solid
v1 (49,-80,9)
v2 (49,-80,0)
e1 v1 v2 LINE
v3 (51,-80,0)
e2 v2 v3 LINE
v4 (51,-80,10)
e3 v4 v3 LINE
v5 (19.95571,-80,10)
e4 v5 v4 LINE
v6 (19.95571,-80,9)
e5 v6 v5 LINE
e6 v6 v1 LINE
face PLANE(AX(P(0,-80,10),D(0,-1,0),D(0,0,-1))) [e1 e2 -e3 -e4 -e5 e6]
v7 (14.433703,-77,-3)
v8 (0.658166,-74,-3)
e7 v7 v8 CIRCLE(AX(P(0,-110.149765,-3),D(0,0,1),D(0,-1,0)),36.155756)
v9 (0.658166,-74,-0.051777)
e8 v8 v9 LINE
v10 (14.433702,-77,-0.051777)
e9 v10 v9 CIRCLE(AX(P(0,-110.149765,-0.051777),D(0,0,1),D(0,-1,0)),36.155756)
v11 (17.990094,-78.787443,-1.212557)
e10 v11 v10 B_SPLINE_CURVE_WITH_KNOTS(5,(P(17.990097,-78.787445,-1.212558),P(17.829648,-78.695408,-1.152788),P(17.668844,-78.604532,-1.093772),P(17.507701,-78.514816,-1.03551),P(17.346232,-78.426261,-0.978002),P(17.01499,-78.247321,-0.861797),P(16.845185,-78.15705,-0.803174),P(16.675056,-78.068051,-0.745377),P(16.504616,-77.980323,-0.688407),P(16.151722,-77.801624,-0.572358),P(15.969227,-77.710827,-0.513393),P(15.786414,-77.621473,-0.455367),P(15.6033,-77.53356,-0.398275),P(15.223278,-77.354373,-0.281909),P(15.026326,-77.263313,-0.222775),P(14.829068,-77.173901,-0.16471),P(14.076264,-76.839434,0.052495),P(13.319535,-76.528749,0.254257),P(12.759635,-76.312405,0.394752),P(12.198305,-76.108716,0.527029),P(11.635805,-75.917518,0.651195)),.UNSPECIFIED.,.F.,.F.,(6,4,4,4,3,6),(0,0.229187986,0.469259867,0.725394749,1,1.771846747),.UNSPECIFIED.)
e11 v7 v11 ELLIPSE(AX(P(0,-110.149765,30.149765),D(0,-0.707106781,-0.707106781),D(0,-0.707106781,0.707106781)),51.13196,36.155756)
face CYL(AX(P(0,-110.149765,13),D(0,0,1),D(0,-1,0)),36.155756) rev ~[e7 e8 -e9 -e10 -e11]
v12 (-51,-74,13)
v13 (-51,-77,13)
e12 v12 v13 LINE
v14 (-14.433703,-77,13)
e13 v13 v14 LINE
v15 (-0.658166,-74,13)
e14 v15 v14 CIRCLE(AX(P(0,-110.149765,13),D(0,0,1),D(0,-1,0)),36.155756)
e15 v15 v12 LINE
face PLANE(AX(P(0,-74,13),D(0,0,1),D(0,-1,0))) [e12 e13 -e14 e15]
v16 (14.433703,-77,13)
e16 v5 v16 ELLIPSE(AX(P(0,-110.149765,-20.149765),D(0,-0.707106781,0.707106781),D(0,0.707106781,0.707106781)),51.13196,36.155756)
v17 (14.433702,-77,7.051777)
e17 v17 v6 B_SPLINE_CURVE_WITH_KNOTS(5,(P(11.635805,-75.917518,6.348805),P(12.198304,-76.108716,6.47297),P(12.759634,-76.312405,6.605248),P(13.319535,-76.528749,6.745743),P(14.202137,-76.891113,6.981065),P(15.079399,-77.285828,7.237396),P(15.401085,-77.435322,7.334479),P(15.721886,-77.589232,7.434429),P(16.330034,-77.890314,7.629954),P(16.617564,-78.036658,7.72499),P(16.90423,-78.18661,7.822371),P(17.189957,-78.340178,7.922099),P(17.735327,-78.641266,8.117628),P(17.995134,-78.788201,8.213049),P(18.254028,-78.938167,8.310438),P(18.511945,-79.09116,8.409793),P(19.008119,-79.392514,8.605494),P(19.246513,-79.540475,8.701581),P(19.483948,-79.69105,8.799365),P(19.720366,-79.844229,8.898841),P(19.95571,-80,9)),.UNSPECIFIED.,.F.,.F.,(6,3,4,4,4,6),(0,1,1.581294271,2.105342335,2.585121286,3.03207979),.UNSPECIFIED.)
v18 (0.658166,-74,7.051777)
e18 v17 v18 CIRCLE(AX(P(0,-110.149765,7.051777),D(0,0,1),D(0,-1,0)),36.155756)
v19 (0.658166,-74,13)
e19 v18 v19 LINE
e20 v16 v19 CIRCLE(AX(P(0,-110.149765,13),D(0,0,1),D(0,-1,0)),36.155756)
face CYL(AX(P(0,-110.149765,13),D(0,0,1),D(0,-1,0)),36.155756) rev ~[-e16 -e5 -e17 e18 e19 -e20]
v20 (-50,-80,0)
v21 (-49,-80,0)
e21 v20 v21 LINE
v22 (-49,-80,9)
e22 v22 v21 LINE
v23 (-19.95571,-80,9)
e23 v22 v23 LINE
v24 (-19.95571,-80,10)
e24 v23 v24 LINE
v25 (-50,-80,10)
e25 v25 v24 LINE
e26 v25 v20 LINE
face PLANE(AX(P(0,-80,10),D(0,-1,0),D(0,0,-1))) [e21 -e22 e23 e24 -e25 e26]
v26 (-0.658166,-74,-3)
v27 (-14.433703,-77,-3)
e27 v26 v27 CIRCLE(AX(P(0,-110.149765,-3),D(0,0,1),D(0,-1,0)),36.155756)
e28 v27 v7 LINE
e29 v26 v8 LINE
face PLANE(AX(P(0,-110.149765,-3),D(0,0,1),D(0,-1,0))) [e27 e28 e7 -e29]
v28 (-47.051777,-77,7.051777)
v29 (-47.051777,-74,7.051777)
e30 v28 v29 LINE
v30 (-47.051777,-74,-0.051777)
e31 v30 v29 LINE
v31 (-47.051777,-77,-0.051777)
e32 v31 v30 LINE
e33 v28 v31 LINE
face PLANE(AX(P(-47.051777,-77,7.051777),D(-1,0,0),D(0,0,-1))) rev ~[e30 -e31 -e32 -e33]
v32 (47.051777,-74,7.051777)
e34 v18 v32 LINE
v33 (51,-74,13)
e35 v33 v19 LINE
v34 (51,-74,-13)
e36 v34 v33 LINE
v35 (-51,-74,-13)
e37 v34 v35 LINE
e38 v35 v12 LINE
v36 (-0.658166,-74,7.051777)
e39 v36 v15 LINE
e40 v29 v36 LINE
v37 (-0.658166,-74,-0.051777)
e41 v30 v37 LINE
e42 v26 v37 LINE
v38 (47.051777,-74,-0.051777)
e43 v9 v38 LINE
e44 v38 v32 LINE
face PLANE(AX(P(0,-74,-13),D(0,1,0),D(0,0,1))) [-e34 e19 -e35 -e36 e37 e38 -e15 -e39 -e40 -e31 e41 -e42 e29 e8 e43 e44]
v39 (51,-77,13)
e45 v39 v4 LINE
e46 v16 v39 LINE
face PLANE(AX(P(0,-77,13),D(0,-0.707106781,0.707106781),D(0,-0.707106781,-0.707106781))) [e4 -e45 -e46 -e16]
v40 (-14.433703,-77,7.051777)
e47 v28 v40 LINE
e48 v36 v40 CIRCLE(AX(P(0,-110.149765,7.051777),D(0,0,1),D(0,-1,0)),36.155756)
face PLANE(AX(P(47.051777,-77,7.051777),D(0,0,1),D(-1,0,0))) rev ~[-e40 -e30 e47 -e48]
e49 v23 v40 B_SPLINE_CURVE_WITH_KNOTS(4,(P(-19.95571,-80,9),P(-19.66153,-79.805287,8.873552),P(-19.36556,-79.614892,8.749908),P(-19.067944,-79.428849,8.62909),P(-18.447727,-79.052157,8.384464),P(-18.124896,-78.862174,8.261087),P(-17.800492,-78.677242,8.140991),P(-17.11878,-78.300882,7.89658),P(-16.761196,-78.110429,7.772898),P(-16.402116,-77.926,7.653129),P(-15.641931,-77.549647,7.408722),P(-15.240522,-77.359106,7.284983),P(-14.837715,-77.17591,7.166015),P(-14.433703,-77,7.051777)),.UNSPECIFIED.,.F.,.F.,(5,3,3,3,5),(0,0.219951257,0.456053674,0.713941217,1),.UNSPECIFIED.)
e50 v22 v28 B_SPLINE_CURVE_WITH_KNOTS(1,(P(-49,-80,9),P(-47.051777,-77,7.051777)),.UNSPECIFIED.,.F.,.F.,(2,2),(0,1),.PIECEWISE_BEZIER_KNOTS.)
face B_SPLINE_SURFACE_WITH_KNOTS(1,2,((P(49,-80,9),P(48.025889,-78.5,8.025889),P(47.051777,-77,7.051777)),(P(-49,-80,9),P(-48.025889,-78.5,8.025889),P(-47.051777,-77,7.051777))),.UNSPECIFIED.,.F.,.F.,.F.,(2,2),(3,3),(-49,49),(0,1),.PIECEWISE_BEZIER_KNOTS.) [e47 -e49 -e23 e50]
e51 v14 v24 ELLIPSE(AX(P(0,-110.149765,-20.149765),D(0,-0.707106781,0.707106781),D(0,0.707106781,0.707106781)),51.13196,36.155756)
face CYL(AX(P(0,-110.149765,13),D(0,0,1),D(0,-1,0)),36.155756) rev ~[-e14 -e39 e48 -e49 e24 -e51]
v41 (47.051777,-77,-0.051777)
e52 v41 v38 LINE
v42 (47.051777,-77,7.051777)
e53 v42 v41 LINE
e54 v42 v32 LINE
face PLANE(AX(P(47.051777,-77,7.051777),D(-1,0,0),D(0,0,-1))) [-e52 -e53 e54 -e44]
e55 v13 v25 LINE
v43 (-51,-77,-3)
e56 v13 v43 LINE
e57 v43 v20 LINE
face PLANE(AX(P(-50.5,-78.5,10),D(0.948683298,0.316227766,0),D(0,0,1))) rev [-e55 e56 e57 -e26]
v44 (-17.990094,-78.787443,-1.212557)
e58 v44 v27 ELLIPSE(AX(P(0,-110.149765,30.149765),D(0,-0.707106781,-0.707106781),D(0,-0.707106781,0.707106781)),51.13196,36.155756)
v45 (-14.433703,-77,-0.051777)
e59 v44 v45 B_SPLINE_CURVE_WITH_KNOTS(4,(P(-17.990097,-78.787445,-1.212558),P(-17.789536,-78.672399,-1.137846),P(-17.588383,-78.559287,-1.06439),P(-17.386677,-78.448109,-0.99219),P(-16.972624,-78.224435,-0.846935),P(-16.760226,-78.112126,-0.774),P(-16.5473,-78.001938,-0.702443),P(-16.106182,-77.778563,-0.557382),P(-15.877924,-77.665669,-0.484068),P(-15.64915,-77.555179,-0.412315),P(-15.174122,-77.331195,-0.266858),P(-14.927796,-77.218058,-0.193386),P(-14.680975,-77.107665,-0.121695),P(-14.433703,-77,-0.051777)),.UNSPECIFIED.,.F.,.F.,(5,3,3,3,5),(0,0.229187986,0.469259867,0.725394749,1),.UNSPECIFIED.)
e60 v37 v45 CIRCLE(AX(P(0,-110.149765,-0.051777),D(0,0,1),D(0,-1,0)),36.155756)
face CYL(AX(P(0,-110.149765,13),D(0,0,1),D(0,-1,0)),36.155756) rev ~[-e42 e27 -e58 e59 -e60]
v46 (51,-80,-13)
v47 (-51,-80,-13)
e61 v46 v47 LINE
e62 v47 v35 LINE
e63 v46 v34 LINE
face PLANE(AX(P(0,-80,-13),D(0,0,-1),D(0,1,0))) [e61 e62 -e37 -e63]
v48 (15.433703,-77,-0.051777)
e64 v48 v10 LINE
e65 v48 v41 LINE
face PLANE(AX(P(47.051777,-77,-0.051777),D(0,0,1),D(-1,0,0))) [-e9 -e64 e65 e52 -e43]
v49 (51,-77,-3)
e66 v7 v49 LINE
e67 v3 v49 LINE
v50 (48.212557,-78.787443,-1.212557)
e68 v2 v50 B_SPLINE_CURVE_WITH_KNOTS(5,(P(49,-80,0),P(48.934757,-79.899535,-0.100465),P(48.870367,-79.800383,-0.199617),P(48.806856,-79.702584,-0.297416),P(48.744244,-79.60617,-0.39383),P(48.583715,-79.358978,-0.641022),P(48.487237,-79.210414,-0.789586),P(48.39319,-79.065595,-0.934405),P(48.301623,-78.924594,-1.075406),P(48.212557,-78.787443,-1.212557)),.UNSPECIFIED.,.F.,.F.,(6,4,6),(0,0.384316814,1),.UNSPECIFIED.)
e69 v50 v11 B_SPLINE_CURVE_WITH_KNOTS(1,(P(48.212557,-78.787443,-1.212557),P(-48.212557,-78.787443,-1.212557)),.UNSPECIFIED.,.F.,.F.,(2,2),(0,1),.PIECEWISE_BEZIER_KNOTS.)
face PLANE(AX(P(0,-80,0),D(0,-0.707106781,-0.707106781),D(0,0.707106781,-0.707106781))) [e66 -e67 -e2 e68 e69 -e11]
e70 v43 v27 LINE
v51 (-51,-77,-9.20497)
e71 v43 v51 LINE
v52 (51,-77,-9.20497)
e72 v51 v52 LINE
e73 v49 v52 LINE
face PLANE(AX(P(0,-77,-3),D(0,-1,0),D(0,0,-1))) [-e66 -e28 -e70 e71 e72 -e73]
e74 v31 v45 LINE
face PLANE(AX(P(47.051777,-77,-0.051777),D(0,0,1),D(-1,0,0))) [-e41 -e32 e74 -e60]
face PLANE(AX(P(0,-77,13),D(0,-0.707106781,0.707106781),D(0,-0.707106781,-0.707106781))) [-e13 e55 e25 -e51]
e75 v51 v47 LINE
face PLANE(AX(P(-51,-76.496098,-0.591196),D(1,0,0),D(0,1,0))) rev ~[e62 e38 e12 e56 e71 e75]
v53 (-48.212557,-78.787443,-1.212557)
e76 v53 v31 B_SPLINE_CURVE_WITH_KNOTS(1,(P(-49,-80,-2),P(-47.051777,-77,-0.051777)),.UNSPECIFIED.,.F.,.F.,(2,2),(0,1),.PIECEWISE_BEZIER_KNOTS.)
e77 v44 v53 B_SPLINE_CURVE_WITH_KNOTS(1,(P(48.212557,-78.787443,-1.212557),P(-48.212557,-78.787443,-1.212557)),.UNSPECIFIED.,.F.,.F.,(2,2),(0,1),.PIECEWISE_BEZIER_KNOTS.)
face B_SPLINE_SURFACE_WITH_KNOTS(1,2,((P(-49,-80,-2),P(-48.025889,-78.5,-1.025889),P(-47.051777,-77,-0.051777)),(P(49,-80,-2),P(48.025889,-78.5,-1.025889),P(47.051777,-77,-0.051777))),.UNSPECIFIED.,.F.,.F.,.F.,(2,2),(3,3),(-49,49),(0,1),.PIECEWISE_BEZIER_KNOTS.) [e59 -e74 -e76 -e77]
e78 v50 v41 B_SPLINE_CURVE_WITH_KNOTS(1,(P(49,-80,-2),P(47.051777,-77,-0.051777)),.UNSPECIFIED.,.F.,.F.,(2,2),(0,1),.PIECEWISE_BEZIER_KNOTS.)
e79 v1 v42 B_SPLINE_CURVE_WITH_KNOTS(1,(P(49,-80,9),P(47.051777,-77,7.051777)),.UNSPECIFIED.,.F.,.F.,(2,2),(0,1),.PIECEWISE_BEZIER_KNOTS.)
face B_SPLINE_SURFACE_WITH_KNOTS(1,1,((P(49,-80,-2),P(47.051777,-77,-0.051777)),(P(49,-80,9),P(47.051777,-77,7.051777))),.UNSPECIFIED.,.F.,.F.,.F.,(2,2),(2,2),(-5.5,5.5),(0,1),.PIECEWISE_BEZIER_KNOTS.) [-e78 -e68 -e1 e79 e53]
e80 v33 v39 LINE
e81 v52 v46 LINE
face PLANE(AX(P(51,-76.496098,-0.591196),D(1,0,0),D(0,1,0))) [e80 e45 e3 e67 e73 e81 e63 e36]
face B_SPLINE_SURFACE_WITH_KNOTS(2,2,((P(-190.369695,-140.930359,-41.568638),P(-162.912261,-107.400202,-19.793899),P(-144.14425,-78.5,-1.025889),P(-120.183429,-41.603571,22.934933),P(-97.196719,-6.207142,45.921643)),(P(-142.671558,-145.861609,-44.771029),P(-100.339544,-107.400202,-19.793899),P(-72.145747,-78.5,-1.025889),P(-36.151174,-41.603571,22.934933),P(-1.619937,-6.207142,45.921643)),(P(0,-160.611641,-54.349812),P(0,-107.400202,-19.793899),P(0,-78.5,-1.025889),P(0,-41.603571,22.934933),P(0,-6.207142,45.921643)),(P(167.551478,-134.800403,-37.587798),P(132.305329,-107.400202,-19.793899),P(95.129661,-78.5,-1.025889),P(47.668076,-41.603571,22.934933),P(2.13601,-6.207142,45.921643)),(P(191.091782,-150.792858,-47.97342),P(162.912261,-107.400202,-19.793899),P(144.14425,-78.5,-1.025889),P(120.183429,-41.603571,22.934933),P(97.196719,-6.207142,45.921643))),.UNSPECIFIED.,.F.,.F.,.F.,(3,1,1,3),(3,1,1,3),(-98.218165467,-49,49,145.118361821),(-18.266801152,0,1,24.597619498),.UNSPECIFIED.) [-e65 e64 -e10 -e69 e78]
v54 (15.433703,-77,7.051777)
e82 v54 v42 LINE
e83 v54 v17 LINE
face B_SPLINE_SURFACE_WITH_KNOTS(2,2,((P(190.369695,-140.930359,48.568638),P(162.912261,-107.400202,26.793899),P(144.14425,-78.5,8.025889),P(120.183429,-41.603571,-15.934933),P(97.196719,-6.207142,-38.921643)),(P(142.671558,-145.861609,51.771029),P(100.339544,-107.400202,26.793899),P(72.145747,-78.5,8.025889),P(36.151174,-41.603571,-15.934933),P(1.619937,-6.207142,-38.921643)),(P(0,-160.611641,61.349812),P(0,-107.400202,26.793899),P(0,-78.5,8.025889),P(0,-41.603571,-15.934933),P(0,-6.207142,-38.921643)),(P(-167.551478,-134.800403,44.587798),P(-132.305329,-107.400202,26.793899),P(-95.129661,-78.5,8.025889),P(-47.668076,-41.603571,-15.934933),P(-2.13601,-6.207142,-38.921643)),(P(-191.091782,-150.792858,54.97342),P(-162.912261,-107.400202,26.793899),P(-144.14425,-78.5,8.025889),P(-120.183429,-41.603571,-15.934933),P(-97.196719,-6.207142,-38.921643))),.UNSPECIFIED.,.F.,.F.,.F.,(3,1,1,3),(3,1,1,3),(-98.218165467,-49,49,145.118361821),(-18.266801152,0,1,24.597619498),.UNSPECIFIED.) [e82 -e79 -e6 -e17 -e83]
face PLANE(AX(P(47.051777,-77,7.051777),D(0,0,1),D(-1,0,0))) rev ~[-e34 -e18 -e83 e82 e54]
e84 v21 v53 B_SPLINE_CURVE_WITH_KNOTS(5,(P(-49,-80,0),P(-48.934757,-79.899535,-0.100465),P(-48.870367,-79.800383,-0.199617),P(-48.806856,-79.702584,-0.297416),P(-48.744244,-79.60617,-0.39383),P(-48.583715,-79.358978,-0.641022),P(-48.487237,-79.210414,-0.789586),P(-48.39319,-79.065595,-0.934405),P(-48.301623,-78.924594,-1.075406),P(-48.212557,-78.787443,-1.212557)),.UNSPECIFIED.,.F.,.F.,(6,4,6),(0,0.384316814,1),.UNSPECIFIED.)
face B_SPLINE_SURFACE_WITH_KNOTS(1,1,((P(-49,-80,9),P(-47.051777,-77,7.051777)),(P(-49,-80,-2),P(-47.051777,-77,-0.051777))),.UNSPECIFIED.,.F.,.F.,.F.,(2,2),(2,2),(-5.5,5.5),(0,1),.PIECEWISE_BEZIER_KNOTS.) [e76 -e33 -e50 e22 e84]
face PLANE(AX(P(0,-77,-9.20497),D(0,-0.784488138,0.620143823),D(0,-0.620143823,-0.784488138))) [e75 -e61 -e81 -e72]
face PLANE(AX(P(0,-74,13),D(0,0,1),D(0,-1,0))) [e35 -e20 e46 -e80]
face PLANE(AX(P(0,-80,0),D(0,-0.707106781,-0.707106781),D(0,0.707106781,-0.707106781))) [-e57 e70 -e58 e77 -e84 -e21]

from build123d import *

# Parameters (mm, degrees)
PAD005_DEPTH       = 51
SKETCH018_W        = 11
SKETCH018_H        = 98
POCKET008_DEPTH    = 3
POCKET008_TAPER    = 33
SKETCH019_R        = 36.155756
POCKET009_DEPTH    = 16
CHAMFER003_SIZE2   = 1
CHAMFER003_SIZE    = 3
CHAMFER004_SIZE2   = 1
CHAMFER004_SIZE    = 3
POCKET008_FACE15_W = 94.103554
POCKET008_FACE15_H = 7.103554
POCKET010_DEPTH    = 5


with BuildPart() as part:
    # Sketch017 → Pad005 (new body, symmetric)
    with BuildSketch(Plane.YZ):
        Polygon((-74, 13), (-77, 13), (-80, 10), (-80, 8), (-80, 7.369175), (-80, 2.369175), (-80, 1), (-80, 0), (-77, -3), (-77, -9.20497), (-80, -13), (-74, -13), align=None)
    extrude(amount=PAD005_DEPTH, both=True)

    # Sketch018 (on Face10 of Pad005) → Pocket008 (cut)
    with BuildSketch(Plane(origin=(0, -80, 0), x_dir=(0, 0, -1), z_dir=(0, -1, 0))):
        with Locations((-3.5, 0)):
            Rectangle(SKETCH018_W, SKETCH018_H)
    extrude(amount=-POCKET008_DEPTH, taper=POCKET008_TAPER, mode=Mode.SUBTRACT)

    # Sketch019 (on Face9 of Pocket008) → Pocket009 (cut)
    with BuildSketch(Plane(origin=(0, 0, 13), x_dir=(0, -1, 0), z_dir=(0, 0, 1))):
        with Locations((110.149765, 0)):
            Circle(SKETCH019_R)
    extrude(amount=-POCKET009_DEPTH, mode=Mode.SUBTRACT)

    # Chamfer003
    chamfer003_edges = [part.edges().sort_by_distance(p)[0] for p in [
        (14.433704, -77, 3.5),
    ]]
    chamfer003_side = part.faces().sort_by_distance((10.734675, -75.624333, 5))[0]
    chamfer(chamfer003_edges, length=CHAMFER003_SIZE, length2=CHAMFER003_SIZE2, reference=chamfer003_side)

    # Chamfer004
    chamfer004_edges = [part.edges().sort_by_distance(p)[0] for p in [
        (-51, -80, 5),
    ]]
    chamfer004_side = part.faces().sort_by_distance((-51, -76.532918, 1.044872))[0]
    chamfer(chamfer004_edges, length=CHAMFER004_SIZE, length2=CHAMFER004_SIZE2, reference=chamfer004_side)

    # Pocket008 Face15 → Pocket010 (cut)
    with BuildSketch(Plane(origin=(0, -77, 3.5), x_dir=(-1, 0, 0), z_dir=(0, -1, 0))):
        Rectangle(POCKET008_FACE15_W, POCKET008_FACE15_H)
    extrude(amount=-POCKET010_DEPTH, mode=Mode.SUBTRACT)


solid = part.part
